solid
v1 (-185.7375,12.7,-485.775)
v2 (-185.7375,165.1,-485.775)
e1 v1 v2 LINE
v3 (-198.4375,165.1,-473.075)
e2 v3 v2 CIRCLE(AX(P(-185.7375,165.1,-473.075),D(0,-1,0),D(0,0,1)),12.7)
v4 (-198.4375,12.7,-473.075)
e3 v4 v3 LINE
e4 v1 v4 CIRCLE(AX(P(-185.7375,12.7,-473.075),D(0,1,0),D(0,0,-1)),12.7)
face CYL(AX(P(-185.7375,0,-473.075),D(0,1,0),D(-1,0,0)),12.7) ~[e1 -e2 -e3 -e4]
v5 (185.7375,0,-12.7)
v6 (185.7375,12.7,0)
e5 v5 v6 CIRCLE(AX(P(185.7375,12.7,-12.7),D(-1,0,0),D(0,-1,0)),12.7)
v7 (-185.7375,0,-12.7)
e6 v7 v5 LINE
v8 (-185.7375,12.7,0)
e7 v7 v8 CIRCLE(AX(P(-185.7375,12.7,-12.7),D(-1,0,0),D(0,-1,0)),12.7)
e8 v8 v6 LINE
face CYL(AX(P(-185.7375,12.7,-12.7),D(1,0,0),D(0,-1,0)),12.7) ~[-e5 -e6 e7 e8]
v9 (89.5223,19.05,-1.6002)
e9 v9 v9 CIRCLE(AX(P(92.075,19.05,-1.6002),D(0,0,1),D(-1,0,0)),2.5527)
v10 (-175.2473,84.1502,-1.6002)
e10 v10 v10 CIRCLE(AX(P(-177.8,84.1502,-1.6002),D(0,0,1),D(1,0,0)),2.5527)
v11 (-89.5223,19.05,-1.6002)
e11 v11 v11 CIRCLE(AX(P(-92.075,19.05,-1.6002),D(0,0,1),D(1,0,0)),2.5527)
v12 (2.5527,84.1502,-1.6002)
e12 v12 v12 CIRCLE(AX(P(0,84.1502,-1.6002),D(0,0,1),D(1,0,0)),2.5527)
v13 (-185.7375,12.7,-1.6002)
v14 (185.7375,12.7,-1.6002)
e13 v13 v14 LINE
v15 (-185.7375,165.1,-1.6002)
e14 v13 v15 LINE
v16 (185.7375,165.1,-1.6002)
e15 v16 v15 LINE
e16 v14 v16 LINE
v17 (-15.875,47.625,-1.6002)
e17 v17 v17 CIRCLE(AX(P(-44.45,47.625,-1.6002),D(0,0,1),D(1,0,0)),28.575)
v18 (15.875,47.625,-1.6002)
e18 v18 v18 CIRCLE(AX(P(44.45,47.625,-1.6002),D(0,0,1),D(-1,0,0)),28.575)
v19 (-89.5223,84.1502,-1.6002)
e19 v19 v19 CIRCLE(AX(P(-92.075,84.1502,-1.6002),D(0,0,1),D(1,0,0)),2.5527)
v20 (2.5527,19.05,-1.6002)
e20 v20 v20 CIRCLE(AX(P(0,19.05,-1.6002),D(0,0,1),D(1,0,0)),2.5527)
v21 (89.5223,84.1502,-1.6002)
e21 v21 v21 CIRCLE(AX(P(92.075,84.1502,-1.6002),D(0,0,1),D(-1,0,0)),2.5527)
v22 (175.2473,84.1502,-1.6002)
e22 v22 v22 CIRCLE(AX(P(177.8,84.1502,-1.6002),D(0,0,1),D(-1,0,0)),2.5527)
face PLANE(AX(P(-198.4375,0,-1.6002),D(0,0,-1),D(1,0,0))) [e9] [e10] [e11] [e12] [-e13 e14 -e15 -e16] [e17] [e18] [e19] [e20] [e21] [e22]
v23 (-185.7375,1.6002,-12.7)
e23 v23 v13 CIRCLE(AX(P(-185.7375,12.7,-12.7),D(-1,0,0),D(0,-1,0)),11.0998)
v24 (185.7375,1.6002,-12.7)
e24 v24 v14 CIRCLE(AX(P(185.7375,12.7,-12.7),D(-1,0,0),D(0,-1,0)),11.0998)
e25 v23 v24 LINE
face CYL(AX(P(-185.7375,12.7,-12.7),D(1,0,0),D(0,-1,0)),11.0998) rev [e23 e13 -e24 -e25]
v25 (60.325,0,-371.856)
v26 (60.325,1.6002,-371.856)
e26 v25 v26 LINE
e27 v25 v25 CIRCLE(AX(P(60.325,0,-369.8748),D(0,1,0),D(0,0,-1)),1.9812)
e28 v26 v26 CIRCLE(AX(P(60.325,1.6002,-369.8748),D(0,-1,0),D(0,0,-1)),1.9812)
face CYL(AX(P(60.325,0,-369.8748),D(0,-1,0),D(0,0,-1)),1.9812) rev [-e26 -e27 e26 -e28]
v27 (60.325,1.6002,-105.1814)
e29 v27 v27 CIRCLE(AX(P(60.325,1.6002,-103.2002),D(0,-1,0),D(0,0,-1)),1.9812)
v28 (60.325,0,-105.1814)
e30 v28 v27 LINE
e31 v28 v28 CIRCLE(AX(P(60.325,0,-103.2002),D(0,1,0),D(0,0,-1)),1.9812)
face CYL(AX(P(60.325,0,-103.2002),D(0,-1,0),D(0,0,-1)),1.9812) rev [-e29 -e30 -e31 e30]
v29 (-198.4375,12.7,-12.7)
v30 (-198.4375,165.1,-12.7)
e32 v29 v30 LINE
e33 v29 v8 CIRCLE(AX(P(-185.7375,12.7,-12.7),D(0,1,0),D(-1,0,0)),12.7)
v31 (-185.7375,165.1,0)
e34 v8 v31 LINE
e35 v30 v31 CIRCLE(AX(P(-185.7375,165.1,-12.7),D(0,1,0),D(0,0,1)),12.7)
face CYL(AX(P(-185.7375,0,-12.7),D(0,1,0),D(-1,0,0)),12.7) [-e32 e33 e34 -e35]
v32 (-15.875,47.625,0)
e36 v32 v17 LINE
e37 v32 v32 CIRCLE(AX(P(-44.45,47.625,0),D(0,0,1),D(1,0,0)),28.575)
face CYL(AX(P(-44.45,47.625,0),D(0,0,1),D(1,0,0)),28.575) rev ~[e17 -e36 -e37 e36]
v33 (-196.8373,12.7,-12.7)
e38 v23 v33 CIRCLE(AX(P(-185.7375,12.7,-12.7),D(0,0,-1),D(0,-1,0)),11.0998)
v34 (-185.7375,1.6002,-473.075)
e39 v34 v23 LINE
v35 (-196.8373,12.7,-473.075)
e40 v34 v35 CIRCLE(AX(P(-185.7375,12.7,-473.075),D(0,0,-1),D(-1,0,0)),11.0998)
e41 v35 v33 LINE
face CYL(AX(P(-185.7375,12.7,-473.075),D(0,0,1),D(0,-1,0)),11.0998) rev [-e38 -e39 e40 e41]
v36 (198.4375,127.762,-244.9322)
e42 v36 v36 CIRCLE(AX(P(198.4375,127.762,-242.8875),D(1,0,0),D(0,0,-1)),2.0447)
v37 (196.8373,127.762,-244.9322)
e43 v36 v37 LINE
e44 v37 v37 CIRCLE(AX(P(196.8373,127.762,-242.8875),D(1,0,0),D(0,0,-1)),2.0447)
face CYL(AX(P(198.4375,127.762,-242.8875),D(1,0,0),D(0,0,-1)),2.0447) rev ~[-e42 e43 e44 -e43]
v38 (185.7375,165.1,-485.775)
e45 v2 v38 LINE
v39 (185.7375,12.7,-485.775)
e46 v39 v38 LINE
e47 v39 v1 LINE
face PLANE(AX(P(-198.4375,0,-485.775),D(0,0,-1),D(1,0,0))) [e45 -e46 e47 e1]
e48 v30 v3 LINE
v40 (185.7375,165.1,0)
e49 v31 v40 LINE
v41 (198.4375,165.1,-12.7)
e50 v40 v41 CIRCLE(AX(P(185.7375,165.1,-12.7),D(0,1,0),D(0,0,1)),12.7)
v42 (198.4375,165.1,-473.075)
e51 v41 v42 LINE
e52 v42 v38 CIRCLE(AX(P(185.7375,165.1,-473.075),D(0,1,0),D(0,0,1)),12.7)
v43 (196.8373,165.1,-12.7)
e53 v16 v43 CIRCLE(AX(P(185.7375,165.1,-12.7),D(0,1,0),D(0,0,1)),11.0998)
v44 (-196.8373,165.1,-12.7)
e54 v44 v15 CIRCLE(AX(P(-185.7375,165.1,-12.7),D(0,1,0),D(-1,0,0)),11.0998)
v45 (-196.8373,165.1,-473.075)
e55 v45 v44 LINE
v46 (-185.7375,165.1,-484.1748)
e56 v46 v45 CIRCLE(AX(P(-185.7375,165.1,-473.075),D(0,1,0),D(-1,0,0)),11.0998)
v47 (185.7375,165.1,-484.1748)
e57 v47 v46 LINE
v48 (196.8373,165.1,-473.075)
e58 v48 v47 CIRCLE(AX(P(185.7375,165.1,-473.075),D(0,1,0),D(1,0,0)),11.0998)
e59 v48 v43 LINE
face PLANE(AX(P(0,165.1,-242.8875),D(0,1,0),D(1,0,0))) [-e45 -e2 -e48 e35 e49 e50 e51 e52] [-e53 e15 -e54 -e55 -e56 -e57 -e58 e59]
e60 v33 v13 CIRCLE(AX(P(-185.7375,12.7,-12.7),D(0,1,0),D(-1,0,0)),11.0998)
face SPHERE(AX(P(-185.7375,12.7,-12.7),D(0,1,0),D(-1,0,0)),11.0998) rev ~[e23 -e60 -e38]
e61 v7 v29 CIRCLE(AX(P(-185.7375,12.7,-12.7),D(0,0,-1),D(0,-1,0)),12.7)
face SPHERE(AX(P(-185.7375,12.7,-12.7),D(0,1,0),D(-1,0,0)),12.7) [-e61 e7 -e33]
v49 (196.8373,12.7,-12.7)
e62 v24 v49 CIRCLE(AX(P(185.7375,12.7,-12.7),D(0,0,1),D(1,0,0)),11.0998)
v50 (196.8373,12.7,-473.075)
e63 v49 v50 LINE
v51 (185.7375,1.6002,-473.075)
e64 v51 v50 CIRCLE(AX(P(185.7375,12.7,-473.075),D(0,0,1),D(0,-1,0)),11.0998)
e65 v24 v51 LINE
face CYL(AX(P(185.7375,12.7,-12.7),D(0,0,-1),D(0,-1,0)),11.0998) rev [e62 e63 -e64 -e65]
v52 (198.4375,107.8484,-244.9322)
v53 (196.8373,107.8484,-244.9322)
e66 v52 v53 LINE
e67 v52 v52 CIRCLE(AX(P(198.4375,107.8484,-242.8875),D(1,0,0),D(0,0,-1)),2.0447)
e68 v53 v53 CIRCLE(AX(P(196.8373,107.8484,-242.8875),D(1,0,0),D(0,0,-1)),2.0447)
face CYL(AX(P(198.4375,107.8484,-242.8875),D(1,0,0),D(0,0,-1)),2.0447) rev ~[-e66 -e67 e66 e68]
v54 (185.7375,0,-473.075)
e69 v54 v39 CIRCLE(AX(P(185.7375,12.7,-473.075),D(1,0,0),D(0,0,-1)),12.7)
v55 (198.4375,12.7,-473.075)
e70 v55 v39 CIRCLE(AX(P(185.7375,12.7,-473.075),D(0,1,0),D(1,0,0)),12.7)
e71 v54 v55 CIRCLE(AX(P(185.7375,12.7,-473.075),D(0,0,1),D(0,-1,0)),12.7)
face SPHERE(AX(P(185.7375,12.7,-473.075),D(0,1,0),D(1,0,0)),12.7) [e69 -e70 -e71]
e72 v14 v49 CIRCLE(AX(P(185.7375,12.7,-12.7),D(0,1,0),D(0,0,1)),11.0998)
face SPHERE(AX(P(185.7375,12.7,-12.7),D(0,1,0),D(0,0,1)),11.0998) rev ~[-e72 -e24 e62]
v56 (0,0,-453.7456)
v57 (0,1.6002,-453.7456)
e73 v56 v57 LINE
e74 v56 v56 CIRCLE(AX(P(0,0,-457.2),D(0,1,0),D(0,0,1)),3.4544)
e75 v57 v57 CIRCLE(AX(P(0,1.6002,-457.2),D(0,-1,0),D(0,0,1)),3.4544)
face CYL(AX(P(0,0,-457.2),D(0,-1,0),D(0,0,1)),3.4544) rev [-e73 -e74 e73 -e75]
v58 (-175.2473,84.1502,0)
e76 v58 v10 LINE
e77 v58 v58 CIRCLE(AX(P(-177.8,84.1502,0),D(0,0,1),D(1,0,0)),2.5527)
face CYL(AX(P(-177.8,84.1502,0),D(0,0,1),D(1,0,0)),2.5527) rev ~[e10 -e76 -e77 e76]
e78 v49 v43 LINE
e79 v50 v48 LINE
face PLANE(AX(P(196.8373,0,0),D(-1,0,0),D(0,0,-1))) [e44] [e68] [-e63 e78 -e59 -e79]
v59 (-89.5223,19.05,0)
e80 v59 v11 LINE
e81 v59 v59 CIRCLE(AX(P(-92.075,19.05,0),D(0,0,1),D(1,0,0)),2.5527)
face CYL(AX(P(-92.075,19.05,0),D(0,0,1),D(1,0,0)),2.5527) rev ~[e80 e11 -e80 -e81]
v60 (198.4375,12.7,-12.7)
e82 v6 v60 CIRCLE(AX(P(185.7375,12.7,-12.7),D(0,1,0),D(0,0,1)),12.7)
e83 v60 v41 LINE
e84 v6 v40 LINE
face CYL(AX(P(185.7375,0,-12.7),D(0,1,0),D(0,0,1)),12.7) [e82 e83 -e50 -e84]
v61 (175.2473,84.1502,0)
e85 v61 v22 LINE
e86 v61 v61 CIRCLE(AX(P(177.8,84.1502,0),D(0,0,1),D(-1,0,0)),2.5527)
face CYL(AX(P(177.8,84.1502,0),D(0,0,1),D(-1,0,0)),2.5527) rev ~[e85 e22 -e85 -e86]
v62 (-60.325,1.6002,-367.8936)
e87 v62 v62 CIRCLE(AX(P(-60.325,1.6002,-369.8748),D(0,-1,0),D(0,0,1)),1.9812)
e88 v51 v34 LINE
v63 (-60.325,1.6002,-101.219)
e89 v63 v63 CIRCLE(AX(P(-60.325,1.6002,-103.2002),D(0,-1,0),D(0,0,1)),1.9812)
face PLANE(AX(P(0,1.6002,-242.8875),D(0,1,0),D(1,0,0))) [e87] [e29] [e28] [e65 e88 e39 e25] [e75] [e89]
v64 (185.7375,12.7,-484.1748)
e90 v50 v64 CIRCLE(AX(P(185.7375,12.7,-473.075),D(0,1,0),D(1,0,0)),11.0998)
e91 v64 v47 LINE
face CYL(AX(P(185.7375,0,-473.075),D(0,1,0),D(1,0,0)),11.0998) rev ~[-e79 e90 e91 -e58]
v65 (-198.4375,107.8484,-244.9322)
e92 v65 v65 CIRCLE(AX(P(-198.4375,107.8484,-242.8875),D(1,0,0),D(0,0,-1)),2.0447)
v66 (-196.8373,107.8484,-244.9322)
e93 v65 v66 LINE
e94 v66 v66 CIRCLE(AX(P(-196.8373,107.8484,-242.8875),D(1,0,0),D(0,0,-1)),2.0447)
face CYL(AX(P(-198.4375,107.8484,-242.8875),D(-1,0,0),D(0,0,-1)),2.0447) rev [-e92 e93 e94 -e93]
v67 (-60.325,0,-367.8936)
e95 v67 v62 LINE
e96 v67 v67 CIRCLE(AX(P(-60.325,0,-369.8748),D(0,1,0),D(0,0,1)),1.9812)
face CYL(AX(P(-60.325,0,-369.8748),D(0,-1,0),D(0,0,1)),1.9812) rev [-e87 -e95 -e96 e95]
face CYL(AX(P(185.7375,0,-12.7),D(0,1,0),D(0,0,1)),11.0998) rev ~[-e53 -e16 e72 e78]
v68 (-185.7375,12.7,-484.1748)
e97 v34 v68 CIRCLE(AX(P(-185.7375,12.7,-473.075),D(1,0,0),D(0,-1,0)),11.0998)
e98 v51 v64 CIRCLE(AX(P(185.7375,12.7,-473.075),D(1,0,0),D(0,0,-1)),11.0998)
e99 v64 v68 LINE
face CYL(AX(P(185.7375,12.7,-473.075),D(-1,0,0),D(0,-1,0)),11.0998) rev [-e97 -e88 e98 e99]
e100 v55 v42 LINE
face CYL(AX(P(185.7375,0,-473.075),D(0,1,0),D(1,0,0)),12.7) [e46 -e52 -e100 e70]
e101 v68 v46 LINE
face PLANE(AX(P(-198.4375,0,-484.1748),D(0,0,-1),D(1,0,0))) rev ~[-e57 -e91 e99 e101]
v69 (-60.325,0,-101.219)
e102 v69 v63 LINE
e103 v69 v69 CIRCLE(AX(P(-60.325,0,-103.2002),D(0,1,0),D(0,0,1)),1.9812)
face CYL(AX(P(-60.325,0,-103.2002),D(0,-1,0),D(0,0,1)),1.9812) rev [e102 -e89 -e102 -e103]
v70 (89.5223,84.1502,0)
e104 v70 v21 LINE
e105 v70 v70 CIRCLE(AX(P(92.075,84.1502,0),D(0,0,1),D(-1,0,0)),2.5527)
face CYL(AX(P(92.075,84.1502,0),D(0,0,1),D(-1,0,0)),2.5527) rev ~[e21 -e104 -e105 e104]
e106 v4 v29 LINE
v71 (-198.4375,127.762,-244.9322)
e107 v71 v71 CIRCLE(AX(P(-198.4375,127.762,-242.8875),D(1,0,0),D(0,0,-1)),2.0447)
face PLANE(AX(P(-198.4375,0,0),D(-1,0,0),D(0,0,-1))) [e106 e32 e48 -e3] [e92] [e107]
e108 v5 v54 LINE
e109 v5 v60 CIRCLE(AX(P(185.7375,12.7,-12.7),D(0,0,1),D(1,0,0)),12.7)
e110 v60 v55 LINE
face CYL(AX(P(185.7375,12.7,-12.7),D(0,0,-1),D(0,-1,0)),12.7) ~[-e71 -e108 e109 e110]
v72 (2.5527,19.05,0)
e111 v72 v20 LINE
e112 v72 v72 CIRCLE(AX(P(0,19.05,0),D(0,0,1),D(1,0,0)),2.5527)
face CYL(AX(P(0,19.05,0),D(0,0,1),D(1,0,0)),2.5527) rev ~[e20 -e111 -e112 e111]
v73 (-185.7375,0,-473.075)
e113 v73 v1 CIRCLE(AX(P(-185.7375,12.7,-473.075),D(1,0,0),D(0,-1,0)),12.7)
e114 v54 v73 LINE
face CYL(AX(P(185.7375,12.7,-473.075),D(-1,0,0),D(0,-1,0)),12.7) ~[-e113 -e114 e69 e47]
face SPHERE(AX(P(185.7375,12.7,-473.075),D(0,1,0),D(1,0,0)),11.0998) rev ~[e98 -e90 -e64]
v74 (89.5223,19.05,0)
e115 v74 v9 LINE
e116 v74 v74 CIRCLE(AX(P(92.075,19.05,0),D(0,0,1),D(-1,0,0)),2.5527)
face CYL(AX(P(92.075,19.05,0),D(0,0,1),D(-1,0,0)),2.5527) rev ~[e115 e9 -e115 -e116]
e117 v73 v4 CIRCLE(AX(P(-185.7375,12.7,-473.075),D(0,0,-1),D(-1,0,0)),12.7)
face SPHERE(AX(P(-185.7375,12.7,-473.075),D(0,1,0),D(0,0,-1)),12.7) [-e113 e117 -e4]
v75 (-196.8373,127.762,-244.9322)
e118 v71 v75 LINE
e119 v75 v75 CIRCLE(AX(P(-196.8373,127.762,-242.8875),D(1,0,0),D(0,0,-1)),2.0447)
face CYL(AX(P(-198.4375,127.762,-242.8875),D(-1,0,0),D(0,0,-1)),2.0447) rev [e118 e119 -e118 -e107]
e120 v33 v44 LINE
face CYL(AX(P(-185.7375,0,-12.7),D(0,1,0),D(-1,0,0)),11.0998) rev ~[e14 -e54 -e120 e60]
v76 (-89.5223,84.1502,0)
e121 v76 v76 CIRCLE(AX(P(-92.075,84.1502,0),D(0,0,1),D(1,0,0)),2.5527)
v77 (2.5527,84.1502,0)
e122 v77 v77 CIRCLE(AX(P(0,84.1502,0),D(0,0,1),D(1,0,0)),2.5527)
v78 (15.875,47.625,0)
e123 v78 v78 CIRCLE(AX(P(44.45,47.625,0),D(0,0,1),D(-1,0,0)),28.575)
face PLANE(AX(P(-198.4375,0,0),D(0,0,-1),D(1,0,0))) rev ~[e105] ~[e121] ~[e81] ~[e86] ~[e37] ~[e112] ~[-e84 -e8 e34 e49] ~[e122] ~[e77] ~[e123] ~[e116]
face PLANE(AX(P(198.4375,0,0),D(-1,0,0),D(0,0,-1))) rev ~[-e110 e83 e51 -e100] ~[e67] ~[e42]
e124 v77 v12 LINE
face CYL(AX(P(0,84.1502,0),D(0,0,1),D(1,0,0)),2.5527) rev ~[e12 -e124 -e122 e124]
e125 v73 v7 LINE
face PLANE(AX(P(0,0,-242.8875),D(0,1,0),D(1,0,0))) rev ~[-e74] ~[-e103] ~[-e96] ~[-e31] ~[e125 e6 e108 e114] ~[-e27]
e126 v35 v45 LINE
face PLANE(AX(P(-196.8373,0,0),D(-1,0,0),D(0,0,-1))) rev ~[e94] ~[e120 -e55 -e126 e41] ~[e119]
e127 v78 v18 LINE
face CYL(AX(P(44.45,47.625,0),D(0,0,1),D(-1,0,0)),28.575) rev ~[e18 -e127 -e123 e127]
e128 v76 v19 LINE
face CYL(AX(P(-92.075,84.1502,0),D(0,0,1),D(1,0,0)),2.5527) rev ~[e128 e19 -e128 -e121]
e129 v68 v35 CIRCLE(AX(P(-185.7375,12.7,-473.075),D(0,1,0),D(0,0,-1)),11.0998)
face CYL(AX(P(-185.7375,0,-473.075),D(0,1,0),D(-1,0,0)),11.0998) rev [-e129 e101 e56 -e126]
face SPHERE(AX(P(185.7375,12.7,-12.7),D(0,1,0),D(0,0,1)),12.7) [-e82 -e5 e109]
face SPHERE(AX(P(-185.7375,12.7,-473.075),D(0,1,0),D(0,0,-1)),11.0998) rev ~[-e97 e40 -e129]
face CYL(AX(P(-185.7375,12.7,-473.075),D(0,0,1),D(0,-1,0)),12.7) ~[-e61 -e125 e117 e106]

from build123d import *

# Parameters (mm, degrees)
SKETCH1_W          = 396.875
SKETCH1_H          = 485.775
EXTRUDE1_DEPTH     = 165.1
FILLET1_R          = 12.7
FILLET2_R          = 12.7
SHELL1_T           = -1.6002
SKETCH2_R          = 28.575
SKETCH2_R_2        = 2.5527
CUT_EXTRUDE1_DEPTH = 25.4
SKETCH6_R          = 3.4544
CUT_EXTRUDE5_DEPTH = 551.102537743
SKETCH7_R          = 1.9812
CUT_EXTRUDE6_DEPTH = 551.102537743
CUT_EXTRUDE7_REACH = 650.649
SKETCH8_R          = 2.0447


with BuildPart() as part:
    # Sketch1 → Extrude1 (new body)
    with BuildSketch(Plane(origin=(0, 0, 0), x_dir=(1, 0, 0), z_dir=(0, 1, 0))):
        with Locations((0, 242.8875)):
            Rectangle(SKETCH1_W, SKETCH1_H)
    extrude(amount=EXTRUDE1_DEPTH)

    # Fillet1
    fillet1_edges = [part.edges().sort_by_distance(p)[0] for p in [
        (-198.4375, 82.55, -485.775),
        (198.4375, 82.55, -485.775),
        (198.4375, 82.55, 0),
        (-198.4375, 82.55, 0),
    ]]
    fillet(fillet1_edges, radius=FILLET1_R)

    # Fillet2
    fillet2_edges = [part.edges().sort_by_distance(p)[0] for p in [
        (0, 0, 0),
        (-198.4375, 0, -242.8875),
        (0, 0, -485.775),
        (198.4375, 0, -242.8875),
        (194.717756121, 0, -3.719743879),
        (194.717756121, 0, -482.055256121),
        (-194.717756121, 0, -482.055256121),
        (-194.717756121, 0, -3.719743879),
    ]]
    fillet(fillet2_edges, radius=FILLET2_R)

    # Shell1
    shell1_openings = [part.faces().sort_by_distance(p)[0] for p in [
        (0, 165.1, -242.8875),
    ]]
    offset(amount=SHELL1_T, openings=shell1_openings, kind=Kind.INTERSECTION)

    # Sketch2 → Cut-Extrude1 (cut)
    with BuildSketch(Plane.XY):
        with Locations((-44.45, 47.625)):
            Circle(SKETCH2_R)
        with Locations(Location((44.45, 47.625, 0), (0, 0, 180))):
            Circle(SKETCH2_R)
        with Locations((-92.075, 84.1502)):
            Circle(SKETCH2_R_2)
        with Locations((-92.075, 19.05)):
            Circle(SKETCH2_R_2)
        with Locations(Location((92.075, 19.05, 0), (0, 0, 180))):
            Circle(SKETCH2_R_2)
        with Locations(Location((92.075, 84.1502, 0), (0, 0, 180))):
            Circle(SKETCH2_R_2)
        with Locations((0, 84.1502)):
            Circle(SKETCH2_R_2)
        with Locations((0, 19.05)):
            Circle(SKETCH2_R_2)
        with Locations((-177.8, 84.1502)):
            Circle(SKETCH2_R_2)
        with Locations(Location((177.8, 84.1502, 0), (0, 0, 180))):
            Circle(SKETCH2_R_2)
    extrude(amount=-CUT_EXTRUDE1_DEPTH, mode=Mode.SUBTRACT)

    # Sketch6 → Cut-Extrude5 (cut, through all)
    with BuildSketch(Plane(origin=(0, 0, 0), x_dir=(1, 0, 0), z_dir=(0, 1, 0))):
        with Locations(Location((0, 457.2, 0), (0, 0, 270))):
            Circle(SKETCH6_R)
    extrude(amount=CUT_EXTRUDE5_DEPTH, mode=Mode.SUBTRACT)

    # Sketch7 → Cut-Extrude6 (cut, through all)
    with BuildSketch(Plane(origin=(0, 0, 0), x_dir=(1, 0, 0), z_dir=(0, 1, 0))):
        with Locations(Location((-60.325, 103.2002, 0), (0, 0, 270))):
            Circle(SKETCH7_R)
        with Locations(Location((-60.325, 369.8748, 0), (0, 0, 270))):
            Circle(SKETCH7_R)
        with Locations(Location((60.325, 369.8748, 0), (0, 0, 90))):
            Circle(SKETCH7_R)
        with Locations(Location((60.325, 103.2002, 0), (0, 0, 90))):
            Circle(SKETCH7_R)
    extrude(amount=CUT_EXTRUDE6_DEPTH, mode=Mode.SUBTRACT)

    # Sketch8 → Cut-Extrude7 (cut, up to next)
    with BuildSketch(Plane(origin=(198.4375, 0, 0), x_dir=(0, 0, -1), z_dir=(1, 0, 0)), mode=Mode.PRIVATE) as cut_extrude7_sk1:
        with Locations((242.8875, 127.762)):
            Circle(SKETCH8_R)
    cut_extrude7_tool1 = extrude(cut_extrude7_sk1.sketch, amount=-CUT_EXTRUDE7_REACH, mode=Mode.PRIVATE) & part.part
    # Sketch8 → Cut-Extrude7 (cut, up to next)
    with BuildSketch(Plane(origin=(198.4375, 0, 0), x_dir=(0, 0, -1), z_dir=(1, 0, 0)), mode=Mode.PRIVATE) as cut_extrude7_sk2:
        with Locations((242.8875, 107.8484)):
            Circle(SKETCH8_R)
    cut_extrude7_tool2 = extrude(cut_extrude7_sk2.sketch, amount=-CUT_EXTRUDE7_REACH, mode=Mode.PRIVATE) & part.part
    cut_extrude7_1 = cut_extrude7_tool1.solids().sort_by_distance((198.4375, 127.762, -242.8875))[0]
    add(cut_extrude7_1, mode=Mode.SUBTRACT)
    cut_extrude7_2 = cut_extrude7_tool2.solids().sort_by_distance((198.4375, 107.8484, -242.8875))[0]
    add(cut_extrude7_2, mode=Mode.SUBTRACT)
    cut_extrude7 = cut_extrude7_1 + cut_extrude7_2  # Cut-Extrude7 as one shape, for the pattern or mirror that repeats it

    # Mirror1: Cut-Extrude7 across plane
    add(cut_extrude7.mirror(Plane(origin=(0, 0, 0), x_dir=(0, 0, 1), z_dir=(1, 0, 0))), mode=Mode.SUBTRACT)


solid = part.part
